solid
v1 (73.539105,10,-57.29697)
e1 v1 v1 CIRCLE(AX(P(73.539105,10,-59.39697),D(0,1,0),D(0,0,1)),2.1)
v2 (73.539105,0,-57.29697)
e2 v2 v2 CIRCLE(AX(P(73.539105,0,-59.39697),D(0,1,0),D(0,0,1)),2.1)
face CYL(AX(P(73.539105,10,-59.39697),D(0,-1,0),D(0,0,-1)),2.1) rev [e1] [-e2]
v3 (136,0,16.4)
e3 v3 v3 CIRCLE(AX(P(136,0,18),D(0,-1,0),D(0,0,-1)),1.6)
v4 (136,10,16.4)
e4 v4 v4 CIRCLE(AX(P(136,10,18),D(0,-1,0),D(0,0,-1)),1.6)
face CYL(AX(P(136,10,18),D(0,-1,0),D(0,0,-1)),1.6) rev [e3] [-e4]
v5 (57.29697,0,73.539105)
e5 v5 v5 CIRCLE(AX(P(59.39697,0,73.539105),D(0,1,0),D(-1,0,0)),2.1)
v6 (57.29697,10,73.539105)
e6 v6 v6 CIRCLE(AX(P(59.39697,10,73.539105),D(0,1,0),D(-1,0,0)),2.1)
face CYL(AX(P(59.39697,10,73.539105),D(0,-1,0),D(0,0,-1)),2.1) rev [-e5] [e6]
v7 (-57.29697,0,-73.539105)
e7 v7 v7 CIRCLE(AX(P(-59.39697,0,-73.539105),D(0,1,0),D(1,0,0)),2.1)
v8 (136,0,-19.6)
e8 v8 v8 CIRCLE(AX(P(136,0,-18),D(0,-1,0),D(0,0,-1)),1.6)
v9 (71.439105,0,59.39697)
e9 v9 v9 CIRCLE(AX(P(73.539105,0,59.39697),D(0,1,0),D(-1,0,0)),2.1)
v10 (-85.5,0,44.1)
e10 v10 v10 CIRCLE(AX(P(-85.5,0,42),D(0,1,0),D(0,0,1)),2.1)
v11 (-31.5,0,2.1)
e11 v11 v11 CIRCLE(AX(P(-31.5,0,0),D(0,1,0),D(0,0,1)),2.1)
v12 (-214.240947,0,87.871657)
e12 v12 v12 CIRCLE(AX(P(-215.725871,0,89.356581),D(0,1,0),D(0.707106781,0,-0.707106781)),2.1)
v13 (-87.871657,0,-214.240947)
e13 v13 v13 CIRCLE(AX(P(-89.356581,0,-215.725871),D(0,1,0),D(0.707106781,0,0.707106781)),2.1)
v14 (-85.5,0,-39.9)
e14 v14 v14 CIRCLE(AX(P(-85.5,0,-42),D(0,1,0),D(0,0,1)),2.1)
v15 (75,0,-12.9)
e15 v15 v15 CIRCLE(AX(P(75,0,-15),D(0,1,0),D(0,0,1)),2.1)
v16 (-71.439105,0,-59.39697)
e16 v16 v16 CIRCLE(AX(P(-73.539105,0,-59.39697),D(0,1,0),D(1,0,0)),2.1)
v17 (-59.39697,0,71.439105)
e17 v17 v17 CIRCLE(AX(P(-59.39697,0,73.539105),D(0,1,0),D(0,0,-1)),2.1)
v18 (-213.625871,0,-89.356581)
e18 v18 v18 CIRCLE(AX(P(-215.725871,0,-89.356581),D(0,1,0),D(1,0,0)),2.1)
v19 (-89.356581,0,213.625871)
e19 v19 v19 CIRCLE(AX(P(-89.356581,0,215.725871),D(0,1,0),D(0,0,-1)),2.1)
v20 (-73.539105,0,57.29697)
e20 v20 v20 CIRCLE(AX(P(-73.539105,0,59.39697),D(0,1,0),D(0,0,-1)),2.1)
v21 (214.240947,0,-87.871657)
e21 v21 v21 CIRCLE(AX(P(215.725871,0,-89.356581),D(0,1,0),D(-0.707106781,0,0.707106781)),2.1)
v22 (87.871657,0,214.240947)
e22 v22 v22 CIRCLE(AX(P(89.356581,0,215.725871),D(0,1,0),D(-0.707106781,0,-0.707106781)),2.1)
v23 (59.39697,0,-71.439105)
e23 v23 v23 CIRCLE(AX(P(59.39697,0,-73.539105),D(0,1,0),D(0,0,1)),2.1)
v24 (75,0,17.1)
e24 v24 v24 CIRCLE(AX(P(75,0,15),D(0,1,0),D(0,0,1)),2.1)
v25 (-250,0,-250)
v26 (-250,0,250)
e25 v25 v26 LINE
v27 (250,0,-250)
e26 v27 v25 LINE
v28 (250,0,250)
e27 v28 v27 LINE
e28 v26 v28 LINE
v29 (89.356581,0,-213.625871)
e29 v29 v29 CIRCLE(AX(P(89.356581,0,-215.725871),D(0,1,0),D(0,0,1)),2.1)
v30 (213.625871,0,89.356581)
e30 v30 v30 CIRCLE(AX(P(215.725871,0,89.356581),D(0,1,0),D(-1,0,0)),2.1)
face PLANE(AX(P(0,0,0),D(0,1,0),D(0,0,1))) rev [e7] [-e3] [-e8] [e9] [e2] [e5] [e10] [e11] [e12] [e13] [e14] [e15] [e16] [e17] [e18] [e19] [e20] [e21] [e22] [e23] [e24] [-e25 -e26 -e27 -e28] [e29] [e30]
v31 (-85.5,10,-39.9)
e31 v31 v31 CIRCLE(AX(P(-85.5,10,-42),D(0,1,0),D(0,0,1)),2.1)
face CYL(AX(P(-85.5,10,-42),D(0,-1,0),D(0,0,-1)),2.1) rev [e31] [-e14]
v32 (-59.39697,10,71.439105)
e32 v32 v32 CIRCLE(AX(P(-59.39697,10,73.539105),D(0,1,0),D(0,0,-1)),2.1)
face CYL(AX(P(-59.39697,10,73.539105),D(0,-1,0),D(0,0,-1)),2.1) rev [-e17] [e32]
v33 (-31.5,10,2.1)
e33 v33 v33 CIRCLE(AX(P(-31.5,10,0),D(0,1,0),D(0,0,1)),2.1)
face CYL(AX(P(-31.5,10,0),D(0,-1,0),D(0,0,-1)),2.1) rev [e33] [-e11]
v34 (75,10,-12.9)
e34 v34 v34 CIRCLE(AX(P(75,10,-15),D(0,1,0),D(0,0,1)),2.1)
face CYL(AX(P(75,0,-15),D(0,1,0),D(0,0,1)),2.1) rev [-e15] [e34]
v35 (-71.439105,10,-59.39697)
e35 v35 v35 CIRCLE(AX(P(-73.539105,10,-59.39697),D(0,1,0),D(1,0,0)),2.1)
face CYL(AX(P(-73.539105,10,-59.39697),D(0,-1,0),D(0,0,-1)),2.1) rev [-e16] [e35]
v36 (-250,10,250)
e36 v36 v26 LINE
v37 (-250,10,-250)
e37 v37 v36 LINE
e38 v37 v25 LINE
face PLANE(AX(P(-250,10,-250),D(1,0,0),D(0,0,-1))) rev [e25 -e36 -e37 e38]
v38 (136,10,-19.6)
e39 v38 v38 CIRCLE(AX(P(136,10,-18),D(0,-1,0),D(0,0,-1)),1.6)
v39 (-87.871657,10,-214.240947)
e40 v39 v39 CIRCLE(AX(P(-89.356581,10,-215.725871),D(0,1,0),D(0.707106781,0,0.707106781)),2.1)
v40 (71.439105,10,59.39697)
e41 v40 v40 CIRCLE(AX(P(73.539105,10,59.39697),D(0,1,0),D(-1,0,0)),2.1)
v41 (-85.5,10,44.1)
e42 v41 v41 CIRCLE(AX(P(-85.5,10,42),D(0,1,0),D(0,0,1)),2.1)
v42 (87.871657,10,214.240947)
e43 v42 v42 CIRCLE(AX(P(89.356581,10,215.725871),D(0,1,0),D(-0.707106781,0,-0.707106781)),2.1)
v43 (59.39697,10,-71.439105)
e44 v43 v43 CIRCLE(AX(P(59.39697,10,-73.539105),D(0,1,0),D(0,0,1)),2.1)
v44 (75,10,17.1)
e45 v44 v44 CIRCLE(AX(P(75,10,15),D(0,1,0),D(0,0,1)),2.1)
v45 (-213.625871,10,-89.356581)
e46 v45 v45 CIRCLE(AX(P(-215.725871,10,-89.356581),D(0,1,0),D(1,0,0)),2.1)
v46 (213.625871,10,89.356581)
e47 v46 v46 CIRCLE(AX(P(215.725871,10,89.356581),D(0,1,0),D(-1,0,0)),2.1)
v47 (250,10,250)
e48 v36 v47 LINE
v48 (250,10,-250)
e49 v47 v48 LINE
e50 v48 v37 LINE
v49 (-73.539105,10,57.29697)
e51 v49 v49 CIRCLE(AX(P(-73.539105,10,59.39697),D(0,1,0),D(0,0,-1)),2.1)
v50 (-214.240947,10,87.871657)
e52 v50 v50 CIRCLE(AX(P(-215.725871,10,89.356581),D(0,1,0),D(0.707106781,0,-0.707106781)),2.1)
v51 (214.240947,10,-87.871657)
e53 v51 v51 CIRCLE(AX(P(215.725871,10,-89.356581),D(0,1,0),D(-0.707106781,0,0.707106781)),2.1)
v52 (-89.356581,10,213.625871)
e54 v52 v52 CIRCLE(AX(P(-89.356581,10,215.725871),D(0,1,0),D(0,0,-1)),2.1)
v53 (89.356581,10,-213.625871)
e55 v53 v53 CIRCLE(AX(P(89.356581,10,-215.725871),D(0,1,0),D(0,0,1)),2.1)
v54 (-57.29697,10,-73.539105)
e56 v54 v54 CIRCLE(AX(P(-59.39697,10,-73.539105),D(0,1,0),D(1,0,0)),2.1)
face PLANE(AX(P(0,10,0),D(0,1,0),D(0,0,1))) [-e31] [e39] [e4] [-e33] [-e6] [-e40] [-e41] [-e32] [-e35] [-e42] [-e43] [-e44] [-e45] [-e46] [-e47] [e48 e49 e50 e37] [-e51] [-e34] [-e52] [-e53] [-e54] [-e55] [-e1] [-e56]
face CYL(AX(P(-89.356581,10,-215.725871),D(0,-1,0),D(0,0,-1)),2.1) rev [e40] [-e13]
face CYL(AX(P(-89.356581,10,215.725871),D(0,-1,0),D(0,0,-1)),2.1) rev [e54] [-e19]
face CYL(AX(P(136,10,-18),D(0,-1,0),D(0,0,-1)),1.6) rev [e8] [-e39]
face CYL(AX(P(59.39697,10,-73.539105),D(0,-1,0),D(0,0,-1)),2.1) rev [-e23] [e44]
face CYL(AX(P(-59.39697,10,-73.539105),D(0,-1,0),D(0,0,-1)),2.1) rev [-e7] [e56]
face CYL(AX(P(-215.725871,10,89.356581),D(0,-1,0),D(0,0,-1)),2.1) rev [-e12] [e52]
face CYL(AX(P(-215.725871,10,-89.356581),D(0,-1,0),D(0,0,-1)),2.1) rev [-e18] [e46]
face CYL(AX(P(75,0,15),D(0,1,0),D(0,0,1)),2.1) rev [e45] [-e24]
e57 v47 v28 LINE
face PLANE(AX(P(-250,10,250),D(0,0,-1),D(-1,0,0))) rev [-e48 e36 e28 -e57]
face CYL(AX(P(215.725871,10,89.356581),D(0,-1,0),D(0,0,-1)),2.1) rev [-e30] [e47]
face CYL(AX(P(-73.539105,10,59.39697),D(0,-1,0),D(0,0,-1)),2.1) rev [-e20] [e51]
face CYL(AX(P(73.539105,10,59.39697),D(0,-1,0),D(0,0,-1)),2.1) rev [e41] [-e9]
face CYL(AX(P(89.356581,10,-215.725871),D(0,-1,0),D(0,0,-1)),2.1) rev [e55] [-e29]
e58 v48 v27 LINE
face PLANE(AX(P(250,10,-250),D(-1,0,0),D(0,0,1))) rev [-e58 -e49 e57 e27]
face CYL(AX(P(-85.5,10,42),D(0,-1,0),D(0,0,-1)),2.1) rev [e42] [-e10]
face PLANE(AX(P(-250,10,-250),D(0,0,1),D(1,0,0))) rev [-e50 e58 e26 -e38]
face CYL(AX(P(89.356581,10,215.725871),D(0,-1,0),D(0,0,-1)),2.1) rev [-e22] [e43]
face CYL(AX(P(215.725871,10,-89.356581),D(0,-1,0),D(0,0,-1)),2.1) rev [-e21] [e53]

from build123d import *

# Parameters (mm, degrees)
ESQUISSE1_W                  = 500
ESQUISSE1_H                  = 500
BOSS_EXTRU_1_DEPTH           = 10
ESQUISSE2_R                  = 2.1
ENL_V_MAT_EXTRU_1_DEPTH      = 354.694783677
R_P_TITION_CIRCULAIRE1_COUNT = 8
ESQUISSE3_R                  = 2.1
ENL_V_MAT_EXTRU_2_DEPTH      = 354.694783677
R_P_TITION_CIRCULAIRE2_COUNT = 4
ESQUISSE4_R                  = 2.1
ENL_V_MAT_EXTRU_3_DEPTH      = 354.694783677
ESQUISSE5_R                  = 1.6
ENL_V_MAT_EXTRU_4_DEPTH      = 354.694783677
ESQUISSE6_R                  = 2.1
ENL_V_MAT_EXTRU_7_DEPTH      = 354.694783677


with BuildPart() as part:
    # Esquisse1 → Boss.-Extru.1 (new body)
    with BuildSketch(Plane(origin=(0, 0, 0), x_dir=(1, 0, 0), z_dir=(0, 1, 0))):
        Rectangle(ESQUISSE1_W, ESQUISSE1_H)
    extrude(amount=BOSS_EXTRU_1_DEPTH)

    # Esquisse2 → Enlèv. mat.-Extru.1 (cut, through all)
    with BuildSketch(Plane(origin=(0, 0, 0), x_dir=(1, 0, 0), z_dir=(0, 1, 0))):
        with Locations((89.356581457, 215.725870841)):
            Circle(ESQUISSE2_R)
    enl_v_mat_extru_1 = extrude(amount=ENL_V_MAT_EXTRU_1_DEPTH, mode=Mode.SUBTRACT)

    # Répétition circulaire1: Enlèv. mat.-Extru.1 ×8 about axis
    r_p_tition_circulaire1_axis = Axis((0, -0.5, 0), (0, 1, 0))
    for i in range(1, R_P_TITION_CIRCULAIRE1_COUNT):
        add(enl_v_mat_extru_1.rotate(r_p_tition_circulaire1_axis, i * 360 / R_P_TITION_CIRCULAIRE1_COUNT), mode=Mode.SUBTRACT)

    # Esquisse3 → Enlèv. mat.-Extru.2 (cut, through all)
    with BuildSketch(Plane(origin=(0, 0, 0), x_dir=(1, 0, 0), z_dir=(0, 1, 0))):
        with Locations((59.39696962, 73.539105243)):
            Circle(ESQUISSE3_R)
        with Locations((73.539105243, 59.39696962)):
            Circle(ESQUISSE3_R)
    enl_v_mat_extru_2 = extrude(amount=ENL_V_MAT_EXTRU_2_DEPTH, mode=Mode.SUBTRACT)

    # Répétition circulaire2: Enlèv. mat.-Extru.2 ×4 about axis
    r_p_tition_circulaire2_axis = Axis((0, -0.5, 0), (0, 1, 0))
    for i in range(1, R_P_TITION_CIRCULAIRE2_COUNT):
        add(enl_v_mat_extru_2.rotate(r_p_tition_circulaire2_axis, i * 360 / R_P_TITION_CIRCULAIRE2_COUNT), mode=Mode.SUBTRACT)

    # Esquisse4 → Enlèv. mat.-Extru.3 (cut, through all)
    with BuildSketch(Plane(origin=(0, 0, 0), x_dir=(1, 0, 0), z_dir=(0, 1, 0))):
        with Locations((-85.5, 42)):
            Circle(ESQUISSE4_R)
        with Locations((-85.5, -42)):
            Circle(ESQUISSE4_R)
        with Locations((-31.5, 0)):
            Circle(ESQUISSE4_R)
    extrude(amount=ENL_V_MAT_EXTRU_3_DEPTH, mode=Mode.SUBTRACT)

    # Esquisse5 → Enlèv. mat.-Extru.4 (cut, through all)
    with BuildSketch(Plane.XZ):
        with Locations((136, -18)):
            Circle(ESQUISSE5_R)
        with Locations((136, 18)):
            Circle(ESQUISSE5_R)
    extrude(amount=-ENL_V_MAT_EXTRU_4_DEPTH, mode=Mode.SUBTRACT)

    # Esquisse6 → Enlèv. mat.-Extru.7 (cut, through all)
    with BuildSketch(Plane(origin=(0, 10, 0), x_dir=(1, 0, 0), z_dir=(0, 1, 0))):
        with Locations((75, 15)):
            Circle(ESQUISSE6_R)
        with Locations((75, -15)):
            Circle(ESQUISSE6_R)
    extrude(amount=-ENL_V_MAT_EXTRU_7_DEPTH, mode=Mode.SUBTRACT)


solid = part.part
